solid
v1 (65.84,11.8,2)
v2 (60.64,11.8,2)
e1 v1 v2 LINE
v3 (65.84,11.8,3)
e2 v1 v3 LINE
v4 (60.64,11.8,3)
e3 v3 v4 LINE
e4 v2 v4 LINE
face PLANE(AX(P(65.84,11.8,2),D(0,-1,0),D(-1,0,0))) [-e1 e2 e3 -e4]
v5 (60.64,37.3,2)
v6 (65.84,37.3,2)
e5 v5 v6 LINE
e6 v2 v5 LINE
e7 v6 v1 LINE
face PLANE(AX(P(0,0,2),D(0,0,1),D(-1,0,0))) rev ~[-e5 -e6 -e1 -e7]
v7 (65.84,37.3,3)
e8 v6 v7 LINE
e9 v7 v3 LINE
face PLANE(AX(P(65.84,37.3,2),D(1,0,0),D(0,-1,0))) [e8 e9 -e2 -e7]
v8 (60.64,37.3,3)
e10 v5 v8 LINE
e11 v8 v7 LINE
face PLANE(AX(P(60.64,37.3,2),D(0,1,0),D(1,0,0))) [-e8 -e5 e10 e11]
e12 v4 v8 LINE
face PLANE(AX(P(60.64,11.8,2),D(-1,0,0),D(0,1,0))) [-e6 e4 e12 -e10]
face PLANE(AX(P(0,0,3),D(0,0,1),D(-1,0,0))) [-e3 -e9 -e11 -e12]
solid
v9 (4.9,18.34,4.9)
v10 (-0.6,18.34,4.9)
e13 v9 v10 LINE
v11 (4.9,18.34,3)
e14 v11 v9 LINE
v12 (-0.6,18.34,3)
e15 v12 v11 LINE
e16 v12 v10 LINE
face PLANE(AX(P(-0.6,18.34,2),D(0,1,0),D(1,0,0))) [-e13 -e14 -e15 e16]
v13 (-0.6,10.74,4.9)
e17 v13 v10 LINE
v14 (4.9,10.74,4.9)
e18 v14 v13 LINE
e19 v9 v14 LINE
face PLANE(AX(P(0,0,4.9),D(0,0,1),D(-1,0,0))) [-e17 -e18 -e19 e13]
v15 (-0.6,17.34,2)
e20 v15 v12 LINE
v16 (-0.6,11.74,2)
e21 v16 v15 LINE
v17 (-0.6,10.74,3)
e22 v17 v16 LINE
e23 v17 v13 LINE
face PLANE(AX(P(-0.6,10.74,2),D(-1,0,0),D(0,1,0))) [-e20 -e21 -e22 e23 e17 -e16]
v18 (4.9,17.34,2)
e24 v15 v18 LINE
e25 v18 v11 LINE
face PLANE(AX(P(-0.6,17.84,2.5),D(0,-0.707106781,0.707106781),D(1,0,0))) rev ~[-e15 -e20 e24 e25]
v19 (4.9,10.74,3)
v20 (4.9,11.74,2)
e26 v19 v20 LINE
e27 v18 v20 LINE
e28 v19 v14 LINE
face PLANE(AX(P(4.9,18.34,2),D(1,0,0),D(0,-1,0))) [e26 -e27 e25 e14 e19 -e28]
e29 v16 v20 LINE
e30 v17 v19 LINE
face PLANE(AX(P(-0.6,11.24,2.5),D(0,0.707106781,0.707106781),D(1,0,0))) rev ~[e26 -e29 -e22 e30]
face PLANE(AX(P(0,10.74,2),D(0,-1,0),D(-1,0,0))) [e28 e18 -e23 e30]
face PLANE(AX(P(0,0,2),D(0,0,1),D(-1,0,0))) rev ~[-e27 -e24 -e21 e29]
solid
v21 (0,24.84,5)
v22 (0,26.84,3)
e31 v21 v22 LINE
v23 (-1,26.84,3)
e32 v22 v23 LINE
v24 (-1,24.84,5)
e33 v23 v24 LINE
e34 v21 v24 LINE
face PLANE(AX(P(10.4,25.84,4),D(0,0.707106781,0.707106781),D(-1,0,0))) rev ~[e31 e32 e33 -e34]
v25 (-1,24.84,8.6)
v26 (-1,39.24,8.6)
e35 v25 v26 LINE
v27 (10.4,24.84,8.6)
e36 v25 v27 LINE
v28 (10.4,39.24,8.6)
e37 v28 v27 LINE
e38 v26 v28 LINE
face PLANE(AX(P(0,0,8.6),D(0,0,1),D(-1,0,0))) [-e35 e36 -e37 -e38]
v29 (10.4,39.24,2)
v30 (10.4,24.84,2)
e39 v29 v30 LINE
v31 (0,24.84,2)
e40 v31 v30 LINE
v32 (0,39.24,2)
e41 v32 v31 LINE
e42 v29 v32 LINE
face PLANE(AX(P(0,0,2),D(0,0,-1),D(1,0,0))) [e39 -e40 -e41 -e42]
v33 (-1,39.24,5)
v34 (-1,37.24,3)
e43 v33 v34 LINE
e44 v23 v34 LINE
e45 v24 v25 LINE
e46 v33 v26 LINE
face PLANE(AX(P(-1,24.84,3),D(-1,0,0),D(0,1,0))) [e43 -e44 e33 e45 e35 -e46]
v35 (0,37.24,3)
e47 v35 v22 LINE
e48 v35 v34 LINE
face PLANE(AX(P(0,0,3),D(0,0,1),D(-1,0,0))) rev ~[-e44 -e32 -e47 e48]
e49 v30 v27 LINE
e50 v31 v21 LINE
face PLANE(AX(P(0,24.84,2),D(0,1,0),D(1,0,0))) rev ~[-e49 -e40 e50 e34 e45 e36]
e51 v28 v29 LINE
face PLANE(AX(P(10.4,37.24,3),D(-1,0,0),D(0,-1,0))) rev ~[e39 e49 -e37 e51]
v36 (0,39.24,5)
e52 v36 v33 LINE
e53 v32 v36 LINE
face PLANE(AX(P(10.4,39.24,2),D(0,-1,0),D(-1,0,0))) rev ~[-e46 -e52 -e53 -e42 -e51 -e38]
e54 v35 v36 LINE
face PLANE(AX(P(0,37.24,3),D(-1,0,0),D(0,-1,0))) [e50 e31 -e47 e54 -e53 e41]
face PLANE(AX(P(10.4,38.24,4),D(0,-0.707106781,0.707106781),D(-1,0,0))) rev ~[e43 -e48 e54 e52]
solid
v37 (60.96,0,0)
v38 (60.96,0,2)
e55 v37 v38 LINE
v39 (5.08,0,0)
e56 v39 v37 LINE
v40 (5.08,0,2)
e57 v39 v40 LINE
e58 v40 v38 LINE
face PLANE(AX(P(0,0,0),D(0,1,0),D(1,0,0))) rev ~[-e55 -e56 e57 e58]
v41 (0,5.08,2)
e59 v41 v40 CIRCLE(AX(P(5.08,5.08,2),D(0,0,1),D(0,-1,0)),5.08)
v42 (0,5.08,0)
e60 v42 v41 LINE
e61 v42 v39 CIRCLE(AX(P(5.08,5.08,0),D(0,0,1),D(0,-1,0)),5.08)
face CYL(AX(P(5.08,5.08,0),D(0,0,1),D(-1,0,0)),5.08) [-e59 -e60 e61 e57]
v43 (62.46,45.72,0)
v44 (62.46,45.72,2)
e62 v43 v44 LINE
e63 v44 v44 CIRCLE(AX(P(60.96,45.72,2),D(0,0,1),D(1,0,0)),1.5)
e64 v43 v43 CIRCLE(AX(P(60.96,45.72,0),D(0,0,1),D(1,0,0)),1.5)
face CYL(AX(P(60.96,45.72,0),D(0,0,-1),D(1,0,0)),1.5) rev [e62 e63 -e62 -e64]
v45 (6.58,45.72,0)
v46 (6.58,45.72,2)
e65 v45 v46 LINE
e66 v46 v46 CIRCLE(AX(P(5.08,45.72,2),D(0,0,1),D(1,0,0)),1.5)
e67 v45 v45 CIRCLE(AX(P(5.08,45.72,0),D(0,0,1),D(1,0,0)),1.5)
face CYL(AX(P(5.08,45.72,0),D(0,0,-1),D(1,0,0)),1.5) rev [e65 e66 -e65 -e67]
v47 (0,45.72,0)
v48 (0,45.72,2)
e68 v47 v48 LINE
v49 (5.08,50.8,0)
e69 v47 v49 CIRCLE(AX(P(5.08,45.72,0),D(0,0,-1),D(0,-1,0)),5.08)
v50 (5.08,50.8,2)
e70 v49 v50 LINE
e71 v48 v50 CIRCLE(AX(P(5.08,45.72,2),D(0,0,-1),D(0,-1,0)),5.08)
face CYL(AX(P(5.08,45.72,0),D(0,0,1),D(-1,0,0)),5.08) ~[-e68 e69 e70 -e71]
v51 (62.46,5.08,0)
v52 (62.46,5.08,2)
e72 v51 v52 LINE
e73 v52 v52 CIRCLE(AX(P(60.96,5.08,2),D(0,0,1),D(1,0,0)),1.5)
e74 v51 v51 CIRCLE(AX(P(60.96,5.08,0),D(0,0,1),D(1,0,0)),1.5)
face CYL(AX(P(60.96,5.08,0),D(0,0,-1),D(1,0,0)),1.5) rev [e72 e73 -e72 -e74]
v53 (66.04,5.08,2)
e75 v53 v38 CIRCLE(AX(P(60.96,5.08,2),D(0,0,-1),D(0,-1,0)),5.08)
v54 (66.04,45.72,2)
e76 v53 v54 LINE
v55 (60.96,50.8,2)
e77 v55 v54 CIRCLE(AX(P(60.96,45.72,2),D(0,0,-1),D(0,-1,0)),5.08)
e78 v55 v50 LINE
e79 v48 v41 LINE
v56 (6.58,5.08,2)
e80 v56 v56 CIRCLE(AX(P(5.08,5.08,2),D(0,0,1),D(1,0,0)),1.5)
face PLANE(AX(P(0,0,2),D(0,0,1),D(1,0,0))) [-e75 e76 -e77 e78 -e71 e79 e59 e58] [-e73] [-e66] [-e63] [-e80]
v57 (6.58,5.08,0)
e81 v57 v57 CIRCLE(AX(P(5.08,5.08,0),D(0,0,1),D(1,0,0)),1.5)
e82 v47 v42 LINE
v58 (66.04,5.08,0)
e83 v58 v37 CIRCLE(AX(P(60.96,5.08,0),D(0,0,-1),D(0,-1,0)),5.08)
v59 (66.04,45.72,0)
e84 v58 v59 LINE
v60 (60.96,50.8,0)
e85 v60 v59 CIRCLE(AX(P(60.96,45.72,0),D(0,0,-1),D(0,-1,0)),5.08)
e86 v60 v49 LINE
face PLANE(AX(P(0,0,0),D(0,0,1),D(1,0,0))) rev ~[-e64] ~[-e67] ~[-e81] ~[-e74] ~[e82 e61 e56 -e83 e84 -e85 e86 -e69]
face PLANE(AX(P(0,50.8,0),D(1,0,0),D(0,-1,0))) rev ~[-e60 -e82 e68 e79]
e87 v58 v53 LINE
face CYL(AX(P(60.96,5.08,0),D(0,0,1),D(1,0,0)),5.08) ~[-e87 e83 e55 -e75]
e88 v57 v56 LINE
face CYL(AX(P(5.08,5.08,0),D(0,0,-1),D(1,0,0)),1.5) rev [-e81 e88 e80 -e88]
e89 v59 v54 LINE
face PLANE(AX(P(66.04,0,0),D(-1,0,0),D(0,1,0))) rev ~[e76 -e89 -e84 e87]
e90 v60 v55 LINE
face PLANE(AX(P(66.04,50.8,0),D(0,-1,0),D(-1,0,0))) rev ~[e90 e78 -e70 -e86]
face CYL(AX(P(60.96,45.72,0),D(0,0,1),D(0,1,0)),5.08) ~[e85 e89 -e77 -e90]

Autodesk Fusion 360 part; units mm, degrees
sketch "PCB" plane through (0, 0, 0) normal (0, 0, 1) x (1, 0, 0)
  line L0 (0, 0) -> (66.04, 0)
  line L1 (66.04, 0) -> (66.04, 50.8)
  line L2 (66.04, 50.8) -> (0, 50.8)
  line L3 (0, 50.8) -> (0, 0)
  circle A0 centre (5.08, 45.72) radius 1.5
  line L4 (33.02, 50.8) -> (33.02, 0) construction
  line L5 (0, 25.4) -> (66.04, 25.4) construction
  circle A1 centre (60.96, 45.72) radius 1.5
  circle A2 centre (5.08, 5.08) radius 1.5
  circle A3 centre (60.96, 5.08) radius 1.5
  dimension "d1" = 66.04
  dimension "d2" = 50.8
  dimension "d3" = 3
  dimension "d4" = 5.08
  dimension "d5" = 45.72
extrude "Extrude1" add sketch "PCB" along normal blind 2 makes body 1
fillet "Fillet1" radius 5.08 4 edges at (66.04, 0, 1) (0, 0, 1) (0, 50.8, 1) (66.04, 50.8, 1) on bodies 1
sketch "hdmi usb" plane through (0, 0, 2) normal (0, 0, 1) x (-1, 0, 0)
  arc A0 (-66.04, -45.72) -> (-60.96, -50.8) centre (-60.96, -45.72) ccw
  line L0 (-60.96, -50.8) -> (-5.08, -50.8)
  arc A1 (-5.08, -50.8) -> (0, -45.72) centre (-5.08, -45.72) ccw
  line L1 (0, -45.72) -> (0, -5.08)
  arc A2 (0, -5.08) -> (-5.08, 0) centre (-5.08, -5.08) ccw
  line L2 (-5.08, 0) -> (-60.96, 0)
  arc A3 (-60.96, 0) -> (-66.04, -5.08) centre (-60.96, -5.08) ccw
  line L3 (-66.04, -5.08) -> (-66.04, -45.72)
  circle A4 centre (-60.96, -5.08) radius 1.5
  circle A5 centre (-60.96, -45.72) radius 1.5
  circle A6 centre (-5.08, -45.72) radius 1.5
  circle A7 centre (-5.08, -5.08) radius 1.5
  line L4 (1, -39.24) -> (-10.4, -39.24)
  line L5 (-10.4, -39.24) -> (-10.4, -24.84)
  line L6 (-10.4, -24.84) -> (1, -24.84)
  line L7 (1, -24.84) -> (1, -39.24)
  line L8 (0.6, -18.34) -> (-4.9, -18.34)
  line L9 (-4.9, -18.34) -> (-4.9, -10.74)
  line L10 (-4.9, -10.74) -> (0.6, -10.74)
  line L11 (0.6, -10.74) -> (0.6, -18.34)
  dimension "d9" = 11.4
  dimension "d10" = 14.4
  dimension "d11" = 1
  dimension "d12" = 11.56
  dimension "d13" = 5.5
  dimension "d14" = 7.6
  dimension "d15" = 0.6
  dimension "d16" = 6.5
extrude "Extrude2" add sketch "hdmi usb" along normal blind 5.6 from surface at 1 separate body contours L1 L4 L5 L6 | L1 L4 L6 L7 makes body 2
chamfer "Chamfer1" distance 2 angle 45 2 edges at (4.7, 24.84, 3) (4.7, 39.24, 3) on bodies 2
extrude "Extrude3" add sketch "hdmi usb" along normal blind 2.9 separate body contours L1 L8 L10 L11 | L1 L8 L9 L10 makes body 3
chamfer "Chamfer2" distance 1 angle 45 2 edges at (2.15, 18.34, 2) (2.15, 10.74, 2) on bodies 3
sketch "hdmi 2" plane through (0, 0, 3) normal (0, 0, -1) x (1, 0, 0)
  line L0 (-1, -37.24) -> (10.4, -37.24)
  line L1 (10.4, -37.24) -> (10.4, -26.84)
  line L2 (10.4, -26.84) -> (-1, -26.84)
  line L3 (-1, -26.84) -> (-1, -37.24)
  line L4 (0, -45.72) -> (0, -5.08)
  line L5 (-1, -24.84) -> (10.4, -24.84)
  line L6 (10.4, -24.84) -> (10.4, -39.24)
  line L7 (10.4, -39.24) -> (-1, -39.24)
  line L8 (-1, -39.24) -> (-1, -24.84)
extrude "Extrude4" add sketch "hdmi 2" along normal blind 1 contours L0 L1 L2 L4 L6 bodies 2
extrude "Extrude5" add sketch "hdmi 2" along normal blind -2.5 and the other way blind -1 contours L0 L4 L6 L7 | L2 L4 L5 L6 bodies 2
sketch "Sketch4" plane through (0, 0, 2) normal (0, 0, 1) x (-1, 0, 0)
  arc A0 (-66.04, -45.72) -> (-60.96, -50.8) centre (-60.96, -45.72) ccw
  line L0 (-60.96, -50.8) -> (-5.08, -50.8)
  arc A1 (-5.08, -50.8) -> (0, -45.72) centre (-5.08, -45.72) ccw
  line L1 (0, -45.72) -> (0, -5.08)
  arc A2 (0, -5.08) -> (-5.08, 0) centre (-5.08, -5.08) ccw
  line L2 (-5.08, 0) -> (-60.96, 0)
  arc A3 (-60.96, 0) -> (-66.04, -5.08) centre (-60.96, -5.08) ccw
  line L3 (-66.04, -5.08) -> (-66.04, -45.72)
  circle A4 centre (-60.96, -5.08) radius 1.5
  circle A5 centre (-60.96, -45.72) radius 1.5
  circle A6 centre (-5.08, -45.72) radius 1.5
  circle A7 centre (-5.08, -5.08) radius 1.5
  line L4 (-60.64, -37.3) -> (-65.84, -37.3)
  line L5 (-65.84, -37.3) -> (-65.84, -11.8)
  line L6 (-65.84, -11.8) -> (-60.64, -11.8)
  line L7 (-60.64, -11.8) -> (-60.64, -37.3)
  line L8 (-60.64, -24.55) -> (-65.84, -24.55) construction
  dimension "d30" = 25.5
  dimension "d31" = 24.55
  dimension "d32" = 0.2
  dimension "d33" = 5.2
extrude "Extrude6" add sketch "Sketch4" along normal blind 1 separate body contours L4 L5 L6 L7 makes body 4
